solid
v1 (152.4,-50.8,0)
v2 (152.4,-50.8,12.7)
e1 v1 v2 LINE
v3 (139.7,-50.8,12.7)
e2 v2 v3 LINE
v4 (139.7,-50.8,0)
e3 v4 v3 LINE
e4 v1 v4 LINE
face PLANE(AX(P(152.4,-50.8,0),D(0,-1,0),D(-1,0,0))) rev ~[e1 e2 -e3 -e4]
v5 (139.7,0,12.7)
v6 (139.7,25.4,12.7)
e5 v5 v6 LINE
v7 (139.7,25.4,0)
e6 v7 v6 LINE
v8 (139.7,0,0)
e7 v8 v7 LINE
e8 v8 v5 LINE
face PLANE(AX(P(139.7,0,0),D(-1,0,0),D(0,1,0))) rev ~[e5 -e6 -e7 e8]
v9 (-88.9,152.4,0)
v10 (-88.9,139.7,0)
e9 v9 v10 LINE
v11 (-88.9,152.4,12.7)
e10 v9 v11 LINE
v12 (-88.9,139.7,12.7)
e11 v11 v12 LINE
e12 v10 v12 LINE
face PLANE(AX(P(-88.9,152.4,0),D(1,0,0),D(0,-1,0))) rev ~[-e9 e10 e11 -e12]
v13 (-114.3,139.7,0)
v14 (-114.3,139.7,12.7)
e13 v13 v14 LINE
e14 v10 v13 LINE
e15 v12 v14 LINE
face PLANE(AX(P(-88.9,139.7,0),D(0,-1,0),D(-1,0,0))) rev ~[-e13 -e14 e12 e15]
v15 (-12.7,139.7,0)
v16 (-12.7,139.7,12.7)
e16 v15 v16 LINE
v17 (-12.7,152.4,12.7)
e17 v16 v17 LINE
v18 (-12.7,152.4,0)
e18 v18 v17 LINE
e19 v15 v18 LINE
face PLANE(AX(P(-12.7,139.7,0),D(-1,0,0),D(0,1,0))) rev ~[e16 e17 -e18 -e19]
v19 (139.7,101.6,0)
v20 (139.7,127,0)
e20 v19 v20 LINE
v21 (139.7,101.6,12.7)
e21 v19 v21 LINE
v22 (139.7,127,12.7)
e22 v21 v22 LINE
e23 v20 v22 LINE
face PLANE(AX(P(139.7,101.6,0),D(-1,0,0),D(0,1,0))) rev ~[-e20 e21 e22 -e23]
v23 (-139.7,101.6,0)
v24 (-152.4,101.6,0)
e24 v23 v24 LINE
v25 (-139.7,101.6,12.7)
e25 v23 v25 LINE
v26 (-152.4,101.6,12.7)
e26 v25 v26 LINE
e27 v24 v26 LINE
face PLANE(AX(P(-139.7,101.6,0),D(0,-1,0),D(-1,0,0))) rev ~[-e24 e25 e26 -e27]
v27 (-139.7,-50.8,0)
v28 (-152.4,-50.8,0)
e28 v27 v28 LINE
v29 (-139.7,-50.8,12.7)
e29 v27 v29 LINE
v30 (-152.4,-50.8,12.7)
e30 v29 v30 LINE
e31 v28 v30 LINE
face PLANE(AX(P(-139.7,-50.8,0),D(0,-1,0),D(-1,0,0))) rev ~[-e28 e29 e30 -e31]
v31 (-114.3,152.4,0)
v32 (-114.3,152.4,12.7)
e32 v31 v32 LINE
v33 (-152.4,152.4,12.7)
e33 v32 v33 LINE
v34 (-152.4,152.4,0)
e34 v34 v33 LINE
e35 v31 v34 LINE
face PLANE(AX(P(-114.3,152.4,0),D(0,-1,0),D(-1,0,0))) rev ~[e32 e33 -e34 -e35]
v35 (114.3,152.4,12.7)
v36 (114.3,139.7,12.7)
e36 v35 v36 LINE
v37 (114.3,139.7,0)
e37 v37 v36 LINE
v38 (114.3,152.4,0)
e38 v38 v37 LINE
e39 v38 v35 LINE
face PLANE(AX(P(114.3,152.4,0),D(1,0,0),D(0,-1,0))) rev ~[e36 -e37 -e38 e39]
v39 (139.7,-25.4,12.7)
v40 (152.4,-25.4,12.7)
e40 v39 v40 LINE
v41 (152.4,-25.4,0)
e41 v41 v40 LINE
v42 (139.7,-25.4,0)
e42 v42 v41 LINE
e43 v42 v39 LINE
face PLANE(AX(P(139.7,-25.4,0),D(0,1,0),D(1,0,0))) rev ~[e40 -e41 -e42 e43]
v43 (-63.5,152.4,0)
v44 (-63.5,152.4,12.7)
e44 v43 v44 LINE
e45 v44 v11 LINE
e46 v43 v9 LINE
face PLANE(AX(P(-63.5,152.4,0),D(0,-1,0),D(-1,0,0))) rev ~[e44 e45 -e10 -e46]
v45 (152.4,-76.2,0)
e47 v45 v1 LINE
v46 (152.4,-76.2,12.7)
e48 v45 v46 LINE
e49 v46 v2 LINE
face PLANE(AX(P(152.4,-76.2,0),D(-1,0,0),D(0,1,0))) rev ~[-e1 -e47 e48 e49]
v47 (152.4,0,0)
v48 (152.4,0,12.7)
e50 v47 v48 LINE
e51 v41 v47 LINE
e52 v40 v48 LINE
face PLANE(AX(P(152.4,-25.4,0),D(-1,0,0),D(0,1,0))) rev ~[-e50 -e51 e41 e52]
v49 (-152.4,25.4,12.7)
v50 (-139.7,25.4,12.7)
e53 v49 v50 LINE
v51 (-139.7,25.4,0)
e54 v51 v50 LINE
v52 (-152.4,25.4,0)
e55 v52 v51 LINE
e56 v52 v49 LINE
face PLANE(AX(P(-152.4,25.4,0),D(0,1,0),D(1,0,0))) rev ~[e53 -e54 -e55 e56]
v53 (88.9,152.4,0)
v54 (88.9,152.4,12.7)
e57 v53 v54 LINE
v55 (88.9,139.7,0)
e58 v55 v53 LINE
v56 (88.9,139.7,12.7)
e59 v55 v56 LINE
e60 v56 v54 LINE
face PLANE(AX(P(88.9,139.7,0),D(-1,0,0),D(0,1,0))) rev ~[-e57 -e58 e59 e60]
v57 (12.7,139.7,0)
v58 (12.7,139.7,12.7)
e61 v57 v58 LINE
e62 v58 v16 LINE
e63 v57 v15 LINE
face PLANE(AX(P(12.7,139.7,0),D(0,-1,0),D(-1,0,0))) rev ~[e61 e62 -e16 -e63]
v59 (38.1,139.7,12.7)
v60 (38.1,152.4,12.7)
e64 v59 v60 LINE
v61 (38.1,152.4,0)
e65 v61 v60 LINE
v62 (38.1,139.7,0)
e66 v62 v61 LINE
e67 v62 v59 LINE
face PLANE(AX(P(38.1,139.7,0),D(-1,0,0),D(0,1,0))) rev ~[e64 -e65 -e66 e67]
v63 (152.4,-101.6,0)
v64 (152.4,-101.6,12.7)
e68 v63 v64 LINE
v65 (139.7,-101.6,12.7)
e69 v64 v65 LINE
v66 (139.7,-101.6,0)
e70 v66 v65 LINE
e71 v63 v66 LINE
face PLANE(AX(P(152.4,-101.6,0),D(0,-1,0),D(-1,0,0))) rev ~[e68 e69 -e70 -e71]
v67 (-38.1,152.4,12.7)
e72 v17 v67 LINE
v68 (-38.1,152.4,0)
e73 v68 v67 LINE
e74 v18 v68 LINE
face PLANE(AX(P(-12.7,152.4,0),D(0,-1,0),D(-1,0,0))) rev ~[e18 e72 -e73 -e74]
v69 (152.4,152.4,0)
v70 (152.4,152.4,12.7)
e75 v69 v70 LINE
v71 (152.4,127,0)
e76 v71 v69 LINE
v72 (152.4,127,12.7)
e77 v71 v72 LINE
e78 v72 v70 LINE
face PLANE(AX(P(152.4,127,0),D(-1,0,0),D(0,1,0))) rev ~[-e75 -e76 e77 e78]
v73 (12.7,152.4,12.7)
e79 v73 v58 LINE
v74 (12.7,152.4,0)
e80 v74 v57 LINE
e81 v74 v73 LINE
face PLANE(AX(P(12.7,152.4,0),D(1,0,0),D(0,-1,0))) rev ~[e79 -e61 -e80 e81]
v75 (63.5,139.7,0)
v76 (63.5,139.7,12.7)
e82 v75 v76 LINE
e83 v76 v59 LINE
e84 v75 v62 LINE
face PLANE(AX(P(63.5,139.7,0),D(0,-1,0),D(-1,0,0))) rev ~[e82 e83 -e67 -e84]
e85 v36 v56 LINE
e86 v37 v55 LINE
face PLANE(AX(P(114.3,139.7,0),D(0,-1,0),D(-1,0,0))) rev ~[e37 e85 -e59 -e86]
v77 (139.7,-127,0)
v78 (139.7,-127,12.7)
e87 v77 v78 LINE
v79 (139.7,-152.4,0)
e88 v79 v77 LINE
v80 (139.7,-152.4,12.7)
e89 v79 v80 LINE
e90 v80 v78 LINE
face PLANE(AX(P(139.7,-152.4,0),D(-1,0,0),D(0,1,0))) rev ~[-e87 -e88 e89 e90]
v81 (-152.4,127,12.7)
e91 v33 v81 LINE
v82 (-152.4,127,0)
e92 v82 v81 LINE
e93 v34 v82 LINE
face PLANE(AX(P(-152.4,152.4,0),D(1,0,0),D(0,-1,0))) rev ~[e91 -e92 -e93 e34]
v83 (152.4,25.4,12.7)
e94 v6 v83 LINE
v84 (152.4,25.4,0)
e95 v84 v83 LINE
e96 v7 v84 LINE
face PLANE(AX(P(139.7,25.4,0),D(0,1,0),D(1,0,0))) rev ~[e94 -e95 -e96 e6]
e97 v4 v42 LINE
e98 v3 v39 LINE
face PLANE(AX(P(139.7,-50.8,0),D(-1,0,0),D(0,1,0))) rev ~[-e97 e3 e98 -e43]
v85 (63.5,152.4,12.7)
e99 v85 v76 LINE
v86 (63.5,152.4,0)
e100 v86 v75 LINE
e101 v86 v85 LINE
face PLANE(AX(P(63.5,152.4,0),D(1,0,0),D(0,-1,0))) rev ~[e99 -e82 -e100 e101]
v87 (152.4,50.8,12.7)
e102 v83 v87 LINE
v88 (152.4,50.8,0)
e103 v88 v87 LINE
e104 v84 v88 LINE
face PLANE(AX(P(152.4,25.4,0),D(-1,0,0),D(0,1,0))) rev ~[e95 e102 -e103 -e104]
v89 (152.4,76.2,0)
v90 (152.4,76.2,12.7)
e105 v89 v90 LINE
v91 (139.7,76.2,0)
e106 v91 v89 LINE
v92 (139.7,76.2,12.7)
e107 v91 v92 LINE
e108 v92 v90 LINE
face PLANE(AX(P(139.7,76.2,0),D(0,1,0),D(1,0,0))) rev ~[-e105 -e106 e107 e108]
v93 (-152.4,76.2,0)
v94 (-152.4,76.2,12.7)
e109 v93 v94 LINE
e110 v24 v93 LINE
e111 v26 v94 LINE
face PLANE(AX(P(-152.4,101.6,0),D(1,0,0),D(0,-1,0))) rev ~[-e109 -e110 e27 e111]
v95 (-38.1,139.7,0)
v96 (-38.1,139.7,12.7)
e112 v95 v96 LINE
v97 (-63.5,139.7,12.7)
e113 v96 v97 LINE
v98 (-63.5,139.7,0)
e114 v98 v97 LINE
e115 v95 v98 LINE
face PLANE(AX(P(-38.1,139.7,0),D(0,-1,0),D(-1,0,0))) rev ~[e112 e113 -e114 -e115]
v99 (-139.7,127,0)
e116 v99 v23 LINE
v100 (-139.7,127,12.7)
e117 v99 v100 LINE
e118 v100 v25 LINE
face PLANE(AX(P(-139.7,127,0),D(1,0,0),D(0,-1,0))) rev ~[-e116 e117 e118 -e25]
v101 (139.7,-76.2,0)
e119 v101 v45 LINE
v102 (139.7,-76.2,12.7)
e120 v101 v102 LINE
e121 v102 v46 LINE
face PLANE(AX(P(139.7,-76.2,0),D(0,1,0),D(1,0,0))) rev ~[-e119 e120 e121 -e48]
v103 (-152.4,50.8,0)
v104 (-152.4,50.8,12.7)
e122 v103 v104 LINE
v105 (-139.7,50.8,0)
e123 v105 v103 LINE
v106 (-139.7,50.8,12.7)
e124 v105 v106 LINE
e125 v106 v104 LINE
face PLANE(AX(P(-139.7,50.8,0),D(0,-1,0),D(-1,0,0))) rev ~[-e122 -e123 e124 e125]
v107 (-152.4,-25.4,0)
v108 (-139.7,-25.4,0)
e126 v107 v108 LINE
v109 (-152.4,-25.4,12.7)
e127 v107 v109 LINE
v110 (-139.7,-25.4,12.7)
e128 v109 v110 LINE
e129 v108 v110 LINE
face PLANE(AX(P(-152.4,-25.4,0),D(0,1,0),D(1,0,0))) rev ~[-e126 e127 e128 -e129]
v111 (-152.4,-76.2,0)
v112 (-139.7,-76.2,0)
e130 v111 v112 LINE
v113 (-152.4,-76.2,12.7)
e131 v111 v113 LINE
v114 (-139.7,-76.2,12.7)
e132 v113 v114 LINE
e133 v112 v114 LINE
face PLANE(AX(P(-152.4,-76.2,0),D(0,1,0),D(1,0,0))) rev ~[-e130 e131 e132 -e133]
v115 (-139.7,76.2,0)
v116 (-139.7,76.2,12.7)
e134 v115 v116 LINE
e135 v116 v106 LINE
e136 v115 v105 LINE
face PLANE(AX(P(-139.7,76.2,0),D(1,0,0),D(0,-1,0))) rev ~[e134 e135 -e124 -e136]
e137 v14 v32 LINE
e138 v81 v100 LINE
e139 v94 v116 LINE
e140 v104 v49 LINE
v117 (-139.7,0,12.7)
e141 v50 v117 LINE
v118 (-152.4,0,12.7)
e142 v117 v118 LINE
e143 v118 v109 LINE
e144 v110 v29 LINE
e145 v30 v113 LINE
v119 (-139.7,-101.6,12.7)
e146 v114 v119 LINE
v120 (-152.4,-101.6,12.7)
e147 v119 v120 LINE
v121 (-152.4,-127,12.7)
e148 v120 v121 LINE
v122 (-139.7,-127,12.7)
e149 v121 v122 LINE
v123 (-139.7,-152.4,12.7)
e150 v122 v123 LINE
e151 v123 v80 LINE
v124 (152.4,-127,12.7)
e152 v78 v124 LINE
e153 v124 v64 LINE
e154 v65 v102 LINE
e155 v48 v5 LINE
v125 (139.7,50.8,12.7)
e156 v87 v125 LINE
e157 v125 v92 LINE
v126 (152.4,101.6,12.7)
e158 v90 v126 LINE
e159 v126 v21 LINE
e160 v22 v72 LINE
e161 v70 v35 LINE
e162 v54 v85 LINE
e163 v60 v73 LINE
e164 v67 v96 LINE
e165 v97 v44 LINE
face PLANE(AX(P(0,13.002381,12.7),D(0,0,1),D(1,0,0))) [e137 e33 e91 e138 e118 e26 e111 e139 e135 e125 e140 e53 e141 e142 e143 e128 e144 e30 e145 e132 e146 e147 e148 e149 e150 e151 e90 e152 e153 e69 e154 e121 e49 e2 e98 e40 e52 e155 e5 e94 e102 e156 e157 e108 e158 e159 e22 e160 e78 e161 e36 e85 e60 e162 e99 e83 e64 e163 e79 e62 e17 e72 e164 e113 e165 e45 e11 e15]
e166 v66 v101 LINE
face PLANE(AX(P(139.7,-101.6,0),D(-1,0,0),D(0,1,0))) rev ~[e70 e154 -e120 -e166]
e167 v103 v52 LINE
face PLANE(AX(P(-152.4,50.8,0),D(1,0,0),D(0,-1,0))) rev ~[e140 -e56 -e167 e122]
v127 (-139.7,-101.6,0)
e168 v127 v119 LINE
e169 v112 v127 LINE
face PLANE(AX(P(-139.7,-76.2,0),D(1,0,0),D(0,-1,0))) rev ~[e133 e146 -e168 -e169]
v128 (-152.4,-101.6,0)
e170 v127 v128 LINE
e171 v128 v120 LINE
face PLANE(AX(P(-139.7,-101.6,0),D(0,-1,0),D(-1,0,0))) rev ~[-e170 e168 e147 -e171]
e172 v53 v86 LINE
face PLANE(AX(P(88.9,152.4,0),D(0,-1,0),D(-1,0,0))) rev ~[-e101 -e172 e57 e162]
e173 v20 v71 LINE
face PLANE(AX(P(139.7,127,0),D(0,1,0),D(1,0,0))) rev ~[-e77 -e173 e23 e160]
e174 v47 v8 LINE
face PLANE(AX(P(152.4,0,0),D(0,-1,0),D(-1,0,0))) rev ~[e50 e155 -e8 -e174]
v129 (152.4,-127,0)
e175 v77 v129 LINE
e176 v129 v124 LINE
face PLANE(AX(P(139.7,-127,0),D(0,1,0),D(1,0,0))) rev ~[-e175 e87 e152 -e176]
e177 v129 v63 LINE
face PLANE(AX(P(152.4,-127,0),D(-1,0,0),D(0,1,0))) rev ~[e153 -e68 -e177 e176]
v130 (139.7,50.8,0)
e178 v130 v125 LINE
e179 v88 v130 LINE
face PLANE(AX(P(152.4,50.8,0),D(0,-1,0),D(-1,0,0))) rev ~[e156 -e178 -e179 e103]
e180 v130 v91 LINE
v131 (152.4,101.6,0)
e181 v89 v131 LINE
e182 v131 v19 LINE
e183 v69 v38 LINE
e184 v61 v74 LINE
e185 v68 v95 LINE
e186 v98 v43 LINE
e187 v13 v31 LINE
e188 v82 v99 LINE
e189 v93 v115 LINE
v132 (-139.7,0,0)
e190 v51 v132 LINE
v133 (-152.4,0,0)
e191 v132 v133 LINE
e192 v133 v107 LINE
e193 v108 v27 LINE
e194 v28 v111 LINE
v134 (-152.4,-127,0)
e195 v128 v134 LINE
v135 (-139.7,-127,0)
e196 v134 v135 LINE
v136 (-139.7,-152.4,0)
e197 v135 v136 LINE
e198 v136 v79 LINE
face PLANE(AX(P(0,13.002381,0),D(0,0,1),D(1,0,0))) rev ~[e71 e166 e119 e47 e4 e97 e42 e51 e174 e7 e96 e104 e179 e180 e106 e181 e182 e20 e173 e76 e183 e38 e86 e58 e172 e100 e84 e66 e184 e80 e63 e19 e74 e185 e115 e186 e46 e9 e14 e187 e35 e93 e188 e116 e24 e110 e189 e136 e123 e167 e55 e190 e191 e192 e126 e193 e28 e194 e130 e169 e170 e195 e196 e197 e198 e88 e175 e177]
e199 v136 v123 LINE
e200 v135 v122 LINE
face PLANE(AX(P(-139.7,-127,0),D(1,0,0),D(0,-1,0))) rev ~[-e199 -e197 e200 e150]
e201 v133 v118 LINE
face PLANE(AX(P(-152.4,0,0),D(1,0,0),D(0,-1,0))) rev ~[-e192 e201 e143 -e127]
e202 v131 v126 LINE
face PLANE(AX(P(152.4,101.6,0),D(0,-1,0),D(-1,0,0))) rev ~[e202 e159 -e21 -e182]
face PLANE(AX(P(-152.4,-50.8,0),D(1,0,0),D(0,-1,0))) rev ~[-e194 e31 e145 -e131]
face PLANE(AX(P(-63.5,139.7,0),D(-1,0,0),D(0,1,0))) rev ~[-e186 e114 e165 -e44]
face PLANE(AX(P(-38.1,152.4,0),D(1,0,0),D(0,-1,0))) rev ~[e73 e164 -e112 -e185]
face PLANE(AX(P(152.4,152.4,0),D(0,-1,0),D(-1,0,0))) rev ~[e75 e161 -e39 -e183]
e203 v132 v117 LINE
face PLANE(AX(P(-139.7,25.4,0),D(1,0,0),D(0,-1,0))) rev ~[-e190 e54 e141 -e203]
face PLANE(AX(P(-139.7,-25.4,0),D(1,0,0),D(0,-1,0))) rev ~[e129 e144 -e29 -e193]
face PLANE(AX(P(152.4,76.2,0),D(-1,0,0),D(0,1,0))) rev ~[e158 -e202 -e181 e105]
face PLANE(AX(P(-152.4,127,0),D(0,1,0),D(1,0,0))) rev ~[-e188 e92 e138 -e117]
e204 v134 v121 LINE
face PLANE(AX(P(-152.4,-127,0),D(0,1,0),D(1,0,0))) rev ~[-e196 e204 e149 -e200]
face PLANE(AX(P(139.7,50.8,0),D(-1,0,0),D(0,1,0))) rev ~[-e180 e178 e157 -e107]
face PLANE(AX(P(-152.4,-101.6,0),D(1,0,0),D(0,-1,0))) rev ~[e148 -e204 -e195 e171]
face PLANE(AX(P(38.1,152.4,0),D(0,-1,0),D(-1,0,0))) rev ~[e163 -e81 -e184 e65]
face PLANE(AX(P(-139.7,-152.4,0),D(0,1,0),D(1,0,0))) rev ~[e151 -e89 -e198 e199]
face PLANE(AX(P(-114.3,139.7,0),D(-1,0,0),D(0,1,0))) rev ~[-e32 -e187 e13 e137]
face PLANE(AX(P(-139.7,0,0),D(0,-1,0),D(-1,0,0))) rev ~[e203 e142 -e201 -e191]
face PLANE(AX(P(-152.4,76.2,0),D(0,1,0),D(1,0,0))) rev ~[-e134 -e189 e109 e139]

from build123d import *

# Parameters (mm, degrees)
F1_DEPTH = 12.7


with BuildPart() as f1:
    # F0 (on Top) → F1 (new body)
    with BuildSketch(Plane.XY):
        Polygon((-114.3, 152.4), (-152.4, 152.4), (-152.4, 127), (-139.7, 127), (-139.7, 101.6), (-152.4, 101.6), (-152.4, 76.2), (-139.7, 76.2), (-139.7, 50.8), (-152.4, 50.8), (-152.4, 25.4), (-139.7, 25.4), (-139.7, 0), (-152.4, 0), (-152.4, -25.4), (-139.7, -25.4), (-139.7, -50.8), (-152.4, -50.8), (-152.4, -76.2), (-139.7, -76.2), (-139.7, -101.6), (-152.4, -101.6), (-152.4, -127), (-139.7, -127), (-139.7, -152.4), (139.7, -152.4), (139.7, -127), (152.4, -127), (152.4, -101.6), (139.7, -101.6), (139.7, -76.2), (152.4, -76.2), (152.4, -50.8), (139.7, -50.8), (139.7, -25.4), (152.4, -25.4), (152.4, 0), (139.7, 0), (139.7, 25.4), (152.4, 25.4), (152.4, 50.8), (139.7, 50.8), (139.7, 76.2), (152.4, 76.2), (152.4, 101.6), (139.7, 101.6), (139.7, 127), (152.4, 127), (152.4, 152.4), (114.3, 152.4), (114.3, 139.7), (88.9, 139.7), (88.9, 152.4), (63.5, 152.4), (63.5, 139.7), (38.1, 139.7), (38.1, 152.4), (12.7, 152.4), (12.7, 139.7), (-12.7, 139.7), (-12.7, 152.4), (-38.1, 152.4), (-38.1, 139.7), (-63.5, 139.7), (-63.5, 152.4), (-88.9, 152.4), (-88.9, 139.7), (-114.3, 139.7), align=None)
    extrude(amount=F1_DEPTH)


solid = f1.part
